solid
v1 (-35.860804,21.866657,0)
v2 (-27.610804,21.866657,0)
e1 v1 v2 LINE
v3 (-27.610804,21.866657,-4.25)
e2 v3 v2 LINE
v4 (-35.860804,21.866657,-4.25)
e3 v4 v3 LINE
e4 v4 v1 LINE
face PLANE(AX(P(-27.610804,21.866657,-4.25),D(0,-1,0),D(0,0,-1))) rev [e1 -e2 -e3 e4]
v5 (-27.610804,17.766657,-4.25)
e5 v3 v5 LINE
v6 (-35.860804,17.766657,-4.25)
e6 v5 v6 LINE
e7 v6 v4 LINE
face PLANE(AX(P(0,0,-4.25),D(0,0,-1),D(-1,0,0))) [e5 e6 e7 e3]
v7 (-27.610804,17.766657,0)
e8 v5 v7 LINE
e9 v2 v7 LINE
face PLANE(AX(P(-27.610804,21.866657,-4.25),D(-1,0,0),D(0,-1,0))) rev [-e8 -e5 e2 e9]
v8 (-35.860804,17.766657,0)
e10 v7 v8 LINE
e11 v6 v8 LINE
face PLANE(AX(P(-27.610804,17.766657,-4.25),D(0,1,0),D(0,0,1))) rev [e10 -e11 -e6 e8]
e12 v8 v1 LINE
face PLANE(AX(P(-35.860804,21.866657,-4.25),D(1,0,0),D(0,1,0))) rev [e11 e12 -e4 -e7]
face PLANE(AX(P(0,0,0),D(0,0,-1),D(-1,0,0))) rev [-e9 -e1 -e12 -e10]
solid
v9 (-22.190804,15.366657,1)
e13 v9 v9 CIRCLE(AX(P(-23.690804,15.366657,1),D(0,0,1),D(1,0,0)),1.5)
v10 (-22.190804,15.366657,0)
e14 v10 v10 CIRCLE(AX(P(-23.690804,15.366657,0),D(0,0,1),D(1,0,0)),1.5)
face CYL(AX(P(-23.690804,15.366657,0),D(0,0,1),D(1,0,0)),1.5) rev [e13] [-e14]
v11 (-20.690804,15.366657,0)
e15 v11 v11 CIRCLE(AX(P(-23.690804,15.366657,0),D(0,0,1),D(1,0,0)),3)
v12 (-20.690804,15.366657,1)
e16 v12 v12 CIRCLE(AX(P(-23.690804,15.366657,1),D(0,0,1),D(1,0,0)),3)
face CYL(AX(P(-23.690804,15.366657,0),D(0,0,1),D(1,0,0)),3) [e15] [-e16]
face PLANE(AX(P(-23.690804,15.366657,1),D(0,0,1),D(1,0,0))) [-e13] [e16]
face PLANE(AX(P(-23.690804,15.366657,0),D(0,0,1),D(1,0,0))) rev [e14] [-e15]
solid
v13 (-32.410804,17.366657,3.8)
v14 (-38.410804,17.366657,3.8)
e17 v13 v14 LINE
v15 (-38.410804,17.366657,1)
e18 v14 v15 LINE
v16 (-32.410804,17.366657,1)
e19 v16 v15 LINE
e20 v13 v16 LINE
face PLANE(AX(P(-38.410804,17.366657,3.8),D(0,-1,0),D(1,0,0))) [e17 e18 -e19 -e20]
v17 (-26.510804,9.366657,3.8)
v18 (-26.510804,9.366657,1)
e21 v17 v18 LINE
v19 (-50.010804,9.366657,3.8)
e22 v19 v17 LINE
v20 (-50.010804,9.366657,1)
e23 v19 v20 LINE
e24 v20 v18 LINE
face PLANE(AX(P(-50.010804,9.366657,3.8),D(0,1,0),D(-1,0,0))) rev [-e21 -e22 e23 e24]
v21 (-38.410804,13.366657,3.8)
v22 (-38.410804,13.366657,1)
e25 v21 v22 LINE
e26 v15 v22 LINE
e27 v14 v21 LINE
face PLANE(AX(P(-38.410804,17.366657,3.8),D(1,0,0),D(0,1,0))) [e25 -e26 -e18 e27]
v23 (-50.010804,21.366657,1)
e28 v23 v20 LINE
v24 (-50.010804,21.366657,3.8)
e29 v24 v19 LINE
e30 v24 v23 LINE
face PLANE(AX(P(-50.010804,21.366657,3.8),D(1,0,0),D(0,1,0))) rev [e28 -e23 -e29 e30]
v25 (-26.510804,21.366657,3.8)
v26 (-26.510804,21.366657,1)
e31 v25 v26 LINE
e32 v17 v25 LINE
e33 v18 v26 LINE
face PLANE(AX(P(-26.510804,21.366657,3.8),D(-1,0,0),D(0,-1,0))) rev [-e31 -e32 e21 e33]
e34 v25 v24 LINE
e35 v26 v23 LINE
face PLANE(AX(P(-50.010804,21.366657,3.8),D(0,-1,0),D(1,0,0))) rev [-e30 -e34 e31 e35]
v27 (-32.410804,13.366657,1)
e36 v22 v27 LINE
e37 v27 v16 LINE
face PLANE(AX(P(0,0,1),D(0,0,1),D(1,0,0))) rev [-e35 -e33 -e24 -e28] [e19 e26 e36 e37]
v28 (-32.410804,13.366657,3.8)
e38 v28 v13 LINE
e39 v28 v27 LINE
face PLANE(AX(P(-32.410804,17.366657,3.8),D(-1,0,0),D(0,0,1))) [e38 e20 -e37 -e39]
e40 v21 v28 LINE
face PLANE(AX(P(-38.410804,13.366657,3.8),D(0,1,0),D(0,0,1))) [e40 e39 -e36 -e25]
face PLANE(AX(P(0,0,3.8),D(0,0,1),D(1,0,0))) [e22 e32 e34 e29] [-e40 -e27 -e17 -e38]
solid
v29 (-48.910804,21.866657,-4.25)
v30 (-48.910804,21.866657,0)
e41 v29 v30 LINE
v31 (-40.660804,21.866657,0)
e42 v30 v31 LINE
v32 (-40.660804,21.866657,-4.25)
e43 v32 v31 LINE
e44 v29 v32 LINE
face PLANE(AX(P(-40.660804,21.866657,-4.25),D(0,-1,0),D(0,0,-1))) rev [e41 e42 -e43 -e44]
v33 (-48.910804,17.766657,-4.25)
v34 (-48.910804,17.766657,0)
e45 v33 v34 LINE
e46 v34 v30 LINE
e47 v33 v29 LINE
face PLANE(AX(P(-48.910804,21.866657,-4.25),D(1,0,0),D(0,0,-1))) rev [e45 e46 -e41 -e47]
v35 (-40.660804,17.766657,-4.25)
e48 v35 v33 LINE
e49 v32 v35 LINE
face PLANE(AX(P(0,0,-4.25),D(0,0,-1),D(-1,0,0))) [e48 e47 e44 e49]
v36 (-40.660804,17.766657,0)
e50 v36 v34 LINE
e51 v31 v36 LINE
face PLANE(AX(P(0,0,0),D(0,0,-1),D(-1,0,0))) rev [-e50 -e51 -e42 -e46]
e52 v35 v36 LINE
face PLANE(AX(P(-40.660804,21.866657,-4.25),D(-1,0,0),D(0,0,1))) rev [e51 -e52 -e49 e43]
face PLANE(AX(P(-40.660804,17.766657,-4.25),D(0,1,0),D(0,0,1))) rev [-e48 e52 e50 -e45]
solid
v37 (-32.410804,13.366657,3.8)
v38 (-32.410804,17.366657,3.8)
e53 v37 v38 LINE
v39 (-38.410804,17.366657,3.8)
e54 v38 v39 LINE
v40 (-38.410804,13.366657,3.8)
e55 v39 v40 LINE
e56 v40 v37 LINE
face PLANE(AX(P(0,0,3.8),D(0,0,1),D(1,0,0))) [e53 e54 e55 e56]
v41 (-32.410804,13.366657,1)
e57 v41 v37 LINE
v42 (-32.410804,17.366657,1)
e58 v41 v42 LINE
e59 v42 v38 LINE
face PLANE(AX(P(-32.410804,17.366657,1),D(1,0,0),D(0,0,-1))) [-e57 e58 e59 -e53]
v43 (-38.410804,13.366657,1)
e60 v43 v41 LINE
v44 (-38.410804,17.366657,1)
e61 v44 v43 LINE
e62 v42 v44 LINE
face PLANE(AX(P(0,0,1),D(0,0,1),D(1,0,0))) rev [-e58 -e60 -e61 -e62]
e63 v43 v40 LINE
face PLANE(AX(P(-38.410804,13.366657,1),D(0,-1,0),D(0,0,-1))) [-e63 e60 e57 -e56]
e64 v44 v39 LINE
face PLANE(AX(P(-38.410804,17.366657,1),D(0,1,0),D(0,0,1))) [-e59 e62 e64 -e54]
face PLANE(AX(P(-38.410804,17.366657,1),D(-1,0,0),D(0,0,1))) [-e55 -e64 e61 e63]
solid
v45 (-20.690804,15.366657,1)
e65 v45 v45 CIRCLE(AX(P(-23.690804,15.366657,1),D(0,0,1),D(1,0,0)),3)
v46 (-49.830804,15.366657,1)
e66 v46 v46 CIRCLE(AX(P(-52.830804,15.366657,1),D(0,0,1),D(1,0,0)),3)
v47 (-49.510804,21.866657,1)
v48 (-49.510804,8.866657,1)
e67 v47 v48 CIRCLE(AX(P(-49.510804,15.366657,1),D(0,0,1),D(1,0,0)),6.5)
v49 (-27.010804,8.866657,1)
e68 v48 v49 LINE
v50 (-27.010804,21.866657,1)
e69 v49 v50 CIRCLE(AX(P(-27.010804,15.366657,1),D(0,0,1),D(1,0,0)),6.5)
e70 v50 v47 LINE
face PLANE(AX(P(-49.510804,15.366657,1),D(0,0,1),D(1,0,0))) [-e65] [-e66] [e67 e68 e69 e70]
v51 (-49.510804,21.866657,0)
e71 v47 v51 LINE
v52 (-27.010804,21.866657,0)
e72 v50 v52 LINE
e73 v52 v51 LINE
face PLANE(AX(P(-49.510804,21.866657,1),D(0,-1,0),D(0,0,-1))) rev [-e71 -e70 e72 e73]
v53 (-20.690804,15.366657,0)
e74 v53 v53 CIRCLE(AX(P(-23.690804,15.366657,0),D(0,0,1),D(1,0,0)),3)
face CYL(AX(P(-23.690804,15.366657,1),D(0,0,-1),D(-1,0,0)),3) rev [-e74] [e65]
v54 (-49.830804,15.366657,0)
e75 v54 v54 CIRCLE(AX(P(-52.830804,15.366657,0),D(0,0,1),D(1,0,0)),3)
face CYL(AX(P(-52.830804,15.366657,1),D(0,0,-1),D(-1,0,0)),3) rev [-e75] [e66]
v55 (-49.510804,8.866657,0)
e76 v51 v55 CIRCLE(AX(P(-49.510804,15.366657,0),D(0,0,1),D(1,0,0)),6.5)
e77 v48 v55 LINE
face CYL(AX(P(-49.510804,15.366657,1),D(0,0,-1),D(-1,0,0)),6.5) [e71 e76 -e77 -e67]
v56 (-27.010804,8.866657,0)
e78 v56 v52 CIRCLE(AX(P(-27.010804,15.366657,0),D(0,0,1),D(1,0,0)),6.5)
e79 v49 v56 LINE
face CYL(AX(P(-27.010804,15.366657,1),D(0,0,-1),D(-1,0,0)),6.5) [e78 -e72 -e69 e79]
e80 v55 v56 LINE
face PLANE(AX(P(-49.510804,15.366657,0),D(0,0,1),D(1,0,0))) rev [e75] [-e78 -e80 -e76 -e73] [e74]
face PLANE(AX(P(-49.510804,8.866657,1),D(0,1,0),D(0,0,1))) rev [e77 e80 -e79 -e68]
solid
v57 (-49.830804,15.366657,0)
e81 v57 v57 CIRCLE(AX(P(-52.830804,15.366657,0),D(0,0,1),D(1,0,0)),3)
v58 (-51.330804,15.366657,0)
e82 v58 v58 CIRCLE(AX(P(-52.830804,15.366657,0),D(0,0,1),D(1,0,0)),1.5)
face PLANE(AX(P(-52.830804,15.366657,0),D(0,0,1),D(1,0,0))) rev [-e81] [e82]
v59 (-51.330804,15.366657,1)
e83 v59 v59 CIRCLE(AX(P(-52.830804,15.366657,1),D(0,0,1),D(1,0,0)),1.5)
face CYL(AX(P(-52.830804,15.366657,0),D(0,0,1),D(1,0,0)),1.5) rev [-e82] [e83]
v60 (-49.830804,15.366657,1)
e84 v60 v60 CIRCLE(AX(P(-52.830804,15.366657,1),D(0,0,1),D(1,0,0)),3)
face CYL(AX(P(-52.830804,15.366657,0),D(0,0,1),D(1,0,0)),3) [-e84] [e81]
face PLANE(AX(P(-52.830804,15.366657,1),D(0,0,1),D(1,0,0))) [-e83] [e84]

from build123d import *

# Parameters (mm, degrees)
SKETCH_1_R        = 3
EXTRUDE_1_DEPTH   = 1
SKETCH_2_R        = 3
SKETCH_2_R_2      = 1.5
EXTRUDE_2_DEPTH   = 1
EXTRUDE_2_2_DEPTH = 1
SKETCH_3_W        = 23.5
SKETCH_3_H        = 12
SKETCH_3_W_2      = 6
SKETCH_3_H_2      = 4
EXTRUDE_3_DEPTH   = 2.8
SKETCH_4_W        = 6
SKETCH_4_H        = 4
EXTRUDE_4_DEPTH   = 2.8
SKETCH_5_W        = 8.25
SKETCH_5_H        = 4.1
EXTRUDE_5_DEPTH   = 4.25
EXTRUDE_5_2_DEPTH = 4.25


with BuildPart() as part:
    # 草图1 → 凸台-拉伸1 (new body)
    with BuildSketch(Plane.XY):
        with BuildLine():
            Line((-49.510803888, 21.866656957), (-27.010803888, 21.866656957))
            ThreePointArc((-27.010803888, 21.866656957), (-20.510803888, 15.366656957), (-27.010803888, 8.866656957))
            Line((-27.010803888, 8.866656957), (-49.510803888, 8.866656957))
            ThreePointArc((-49.510803888, 8.866656957), (-56.010803888, 15.366656957), (-49.510803888, 21.866656957))
        make_face()
        with Locations((-52.830803888, 15.366656957)):
            Circle(SKETCH_1_R, mode=Mode.SUBTRACT)
        with Locations((-23.690803888, 15.366656957)):
            Circle(SKETCH_1_R, mode=Mode.SUBTRACT)
    extrude(amount=EXTRUDE_1_DEPTH)


with BuildPart() as body_2:
    # 草图2 → 凸台-拉伸2 (new body)
    with BuildSketch(Plane.XY.offset(1)):
        with Locations((-23.690803888, 15.366656957)):
            Circle(SKETCH_2_R)
        with Locations((-23.690803888, 15.366656957)):
            Circle(SKETCH_2_R_2, mode=Mode.SUBTRACT)
    extrude(amount=-EXTRUDE_2_DEPTH)


with BuildPart() as body_3:
    # 草图2 → Extrude 2 2 (new body)
    with BuildSketch(Plane.XY.offset(1)):
        with Locations((-52.830803888, 15.366656957)):
            Circle(SKETCH_2_R)
        with Locations((-52.830803888, 15.366656957)):
            Circle(SKETCH_2_R_2, mode=Mode.SUBTRACT)
    extrude(amount=-EXTRUDE_2_2_DEPTH)


with BuildPart() as body_4:
    # 草图3 → 凸台-拉伸3 (new body)
    with BuildSketch(Plane.XY.offset(1)):
        with Locations((-38.260803888, 15.366656957)):
            Rectangle(SKETCH_3_W, SKETCH_3_H)
        with Locations((-35.410803888, 15.366656957)):
            Rectangle(SKETCH_3_W_2, SKETCH_3_H_2, mode=Mode.SUBTRACT)
    extrude(amount=EXTRUDE_3_DEPTH)


with BuildPart() as body_5:
    # 草图4 → 凸台-拉伸4 (new body)
    with BuildSketch(Plane.XY.offset(3.8)):
        with Locations((-35.410803888, 15.366656957)):
            Rectangle(SKETCH_4_W, SKETCH_4_H)
    extrude(amount=-EXTRUDE_4_DEPTH)


with BuildPart() as body_6:
    # 草图5 → 凸台-拉伸5 (new body)
    with BuildSketch(Plane(origin=(0, 0, 0), x_dir=(-1, 0, 0), z_dir=(0, 0, -1))):
        with Locations((31.735803888, 19.816656957)):
            Rectangle(SKETCH_5_W, SKETCH_5_H)
    extrude(amount=EXTRUDE_5_DEPTH)


with BuildPart() as body_7:
    # 草图5 → Extrude 5 2 (new body)
    with BuildSketch(Plane(origin=(0, 0, 0), x_dir=(-1, 0, 0), z_dir=(0, 0, -1))):
        with Locations((44.785803888, 19.816656957)):
            Rectangle(SKETCH_5_W, SKETCH_5_H)
    extrude(amount=EXTRUDE_5_2_DEPTH)


solid = Compound([part.part, body_2.part, body_3.part, body_4.part, body_5.part, body_6.part, body_7.part])
